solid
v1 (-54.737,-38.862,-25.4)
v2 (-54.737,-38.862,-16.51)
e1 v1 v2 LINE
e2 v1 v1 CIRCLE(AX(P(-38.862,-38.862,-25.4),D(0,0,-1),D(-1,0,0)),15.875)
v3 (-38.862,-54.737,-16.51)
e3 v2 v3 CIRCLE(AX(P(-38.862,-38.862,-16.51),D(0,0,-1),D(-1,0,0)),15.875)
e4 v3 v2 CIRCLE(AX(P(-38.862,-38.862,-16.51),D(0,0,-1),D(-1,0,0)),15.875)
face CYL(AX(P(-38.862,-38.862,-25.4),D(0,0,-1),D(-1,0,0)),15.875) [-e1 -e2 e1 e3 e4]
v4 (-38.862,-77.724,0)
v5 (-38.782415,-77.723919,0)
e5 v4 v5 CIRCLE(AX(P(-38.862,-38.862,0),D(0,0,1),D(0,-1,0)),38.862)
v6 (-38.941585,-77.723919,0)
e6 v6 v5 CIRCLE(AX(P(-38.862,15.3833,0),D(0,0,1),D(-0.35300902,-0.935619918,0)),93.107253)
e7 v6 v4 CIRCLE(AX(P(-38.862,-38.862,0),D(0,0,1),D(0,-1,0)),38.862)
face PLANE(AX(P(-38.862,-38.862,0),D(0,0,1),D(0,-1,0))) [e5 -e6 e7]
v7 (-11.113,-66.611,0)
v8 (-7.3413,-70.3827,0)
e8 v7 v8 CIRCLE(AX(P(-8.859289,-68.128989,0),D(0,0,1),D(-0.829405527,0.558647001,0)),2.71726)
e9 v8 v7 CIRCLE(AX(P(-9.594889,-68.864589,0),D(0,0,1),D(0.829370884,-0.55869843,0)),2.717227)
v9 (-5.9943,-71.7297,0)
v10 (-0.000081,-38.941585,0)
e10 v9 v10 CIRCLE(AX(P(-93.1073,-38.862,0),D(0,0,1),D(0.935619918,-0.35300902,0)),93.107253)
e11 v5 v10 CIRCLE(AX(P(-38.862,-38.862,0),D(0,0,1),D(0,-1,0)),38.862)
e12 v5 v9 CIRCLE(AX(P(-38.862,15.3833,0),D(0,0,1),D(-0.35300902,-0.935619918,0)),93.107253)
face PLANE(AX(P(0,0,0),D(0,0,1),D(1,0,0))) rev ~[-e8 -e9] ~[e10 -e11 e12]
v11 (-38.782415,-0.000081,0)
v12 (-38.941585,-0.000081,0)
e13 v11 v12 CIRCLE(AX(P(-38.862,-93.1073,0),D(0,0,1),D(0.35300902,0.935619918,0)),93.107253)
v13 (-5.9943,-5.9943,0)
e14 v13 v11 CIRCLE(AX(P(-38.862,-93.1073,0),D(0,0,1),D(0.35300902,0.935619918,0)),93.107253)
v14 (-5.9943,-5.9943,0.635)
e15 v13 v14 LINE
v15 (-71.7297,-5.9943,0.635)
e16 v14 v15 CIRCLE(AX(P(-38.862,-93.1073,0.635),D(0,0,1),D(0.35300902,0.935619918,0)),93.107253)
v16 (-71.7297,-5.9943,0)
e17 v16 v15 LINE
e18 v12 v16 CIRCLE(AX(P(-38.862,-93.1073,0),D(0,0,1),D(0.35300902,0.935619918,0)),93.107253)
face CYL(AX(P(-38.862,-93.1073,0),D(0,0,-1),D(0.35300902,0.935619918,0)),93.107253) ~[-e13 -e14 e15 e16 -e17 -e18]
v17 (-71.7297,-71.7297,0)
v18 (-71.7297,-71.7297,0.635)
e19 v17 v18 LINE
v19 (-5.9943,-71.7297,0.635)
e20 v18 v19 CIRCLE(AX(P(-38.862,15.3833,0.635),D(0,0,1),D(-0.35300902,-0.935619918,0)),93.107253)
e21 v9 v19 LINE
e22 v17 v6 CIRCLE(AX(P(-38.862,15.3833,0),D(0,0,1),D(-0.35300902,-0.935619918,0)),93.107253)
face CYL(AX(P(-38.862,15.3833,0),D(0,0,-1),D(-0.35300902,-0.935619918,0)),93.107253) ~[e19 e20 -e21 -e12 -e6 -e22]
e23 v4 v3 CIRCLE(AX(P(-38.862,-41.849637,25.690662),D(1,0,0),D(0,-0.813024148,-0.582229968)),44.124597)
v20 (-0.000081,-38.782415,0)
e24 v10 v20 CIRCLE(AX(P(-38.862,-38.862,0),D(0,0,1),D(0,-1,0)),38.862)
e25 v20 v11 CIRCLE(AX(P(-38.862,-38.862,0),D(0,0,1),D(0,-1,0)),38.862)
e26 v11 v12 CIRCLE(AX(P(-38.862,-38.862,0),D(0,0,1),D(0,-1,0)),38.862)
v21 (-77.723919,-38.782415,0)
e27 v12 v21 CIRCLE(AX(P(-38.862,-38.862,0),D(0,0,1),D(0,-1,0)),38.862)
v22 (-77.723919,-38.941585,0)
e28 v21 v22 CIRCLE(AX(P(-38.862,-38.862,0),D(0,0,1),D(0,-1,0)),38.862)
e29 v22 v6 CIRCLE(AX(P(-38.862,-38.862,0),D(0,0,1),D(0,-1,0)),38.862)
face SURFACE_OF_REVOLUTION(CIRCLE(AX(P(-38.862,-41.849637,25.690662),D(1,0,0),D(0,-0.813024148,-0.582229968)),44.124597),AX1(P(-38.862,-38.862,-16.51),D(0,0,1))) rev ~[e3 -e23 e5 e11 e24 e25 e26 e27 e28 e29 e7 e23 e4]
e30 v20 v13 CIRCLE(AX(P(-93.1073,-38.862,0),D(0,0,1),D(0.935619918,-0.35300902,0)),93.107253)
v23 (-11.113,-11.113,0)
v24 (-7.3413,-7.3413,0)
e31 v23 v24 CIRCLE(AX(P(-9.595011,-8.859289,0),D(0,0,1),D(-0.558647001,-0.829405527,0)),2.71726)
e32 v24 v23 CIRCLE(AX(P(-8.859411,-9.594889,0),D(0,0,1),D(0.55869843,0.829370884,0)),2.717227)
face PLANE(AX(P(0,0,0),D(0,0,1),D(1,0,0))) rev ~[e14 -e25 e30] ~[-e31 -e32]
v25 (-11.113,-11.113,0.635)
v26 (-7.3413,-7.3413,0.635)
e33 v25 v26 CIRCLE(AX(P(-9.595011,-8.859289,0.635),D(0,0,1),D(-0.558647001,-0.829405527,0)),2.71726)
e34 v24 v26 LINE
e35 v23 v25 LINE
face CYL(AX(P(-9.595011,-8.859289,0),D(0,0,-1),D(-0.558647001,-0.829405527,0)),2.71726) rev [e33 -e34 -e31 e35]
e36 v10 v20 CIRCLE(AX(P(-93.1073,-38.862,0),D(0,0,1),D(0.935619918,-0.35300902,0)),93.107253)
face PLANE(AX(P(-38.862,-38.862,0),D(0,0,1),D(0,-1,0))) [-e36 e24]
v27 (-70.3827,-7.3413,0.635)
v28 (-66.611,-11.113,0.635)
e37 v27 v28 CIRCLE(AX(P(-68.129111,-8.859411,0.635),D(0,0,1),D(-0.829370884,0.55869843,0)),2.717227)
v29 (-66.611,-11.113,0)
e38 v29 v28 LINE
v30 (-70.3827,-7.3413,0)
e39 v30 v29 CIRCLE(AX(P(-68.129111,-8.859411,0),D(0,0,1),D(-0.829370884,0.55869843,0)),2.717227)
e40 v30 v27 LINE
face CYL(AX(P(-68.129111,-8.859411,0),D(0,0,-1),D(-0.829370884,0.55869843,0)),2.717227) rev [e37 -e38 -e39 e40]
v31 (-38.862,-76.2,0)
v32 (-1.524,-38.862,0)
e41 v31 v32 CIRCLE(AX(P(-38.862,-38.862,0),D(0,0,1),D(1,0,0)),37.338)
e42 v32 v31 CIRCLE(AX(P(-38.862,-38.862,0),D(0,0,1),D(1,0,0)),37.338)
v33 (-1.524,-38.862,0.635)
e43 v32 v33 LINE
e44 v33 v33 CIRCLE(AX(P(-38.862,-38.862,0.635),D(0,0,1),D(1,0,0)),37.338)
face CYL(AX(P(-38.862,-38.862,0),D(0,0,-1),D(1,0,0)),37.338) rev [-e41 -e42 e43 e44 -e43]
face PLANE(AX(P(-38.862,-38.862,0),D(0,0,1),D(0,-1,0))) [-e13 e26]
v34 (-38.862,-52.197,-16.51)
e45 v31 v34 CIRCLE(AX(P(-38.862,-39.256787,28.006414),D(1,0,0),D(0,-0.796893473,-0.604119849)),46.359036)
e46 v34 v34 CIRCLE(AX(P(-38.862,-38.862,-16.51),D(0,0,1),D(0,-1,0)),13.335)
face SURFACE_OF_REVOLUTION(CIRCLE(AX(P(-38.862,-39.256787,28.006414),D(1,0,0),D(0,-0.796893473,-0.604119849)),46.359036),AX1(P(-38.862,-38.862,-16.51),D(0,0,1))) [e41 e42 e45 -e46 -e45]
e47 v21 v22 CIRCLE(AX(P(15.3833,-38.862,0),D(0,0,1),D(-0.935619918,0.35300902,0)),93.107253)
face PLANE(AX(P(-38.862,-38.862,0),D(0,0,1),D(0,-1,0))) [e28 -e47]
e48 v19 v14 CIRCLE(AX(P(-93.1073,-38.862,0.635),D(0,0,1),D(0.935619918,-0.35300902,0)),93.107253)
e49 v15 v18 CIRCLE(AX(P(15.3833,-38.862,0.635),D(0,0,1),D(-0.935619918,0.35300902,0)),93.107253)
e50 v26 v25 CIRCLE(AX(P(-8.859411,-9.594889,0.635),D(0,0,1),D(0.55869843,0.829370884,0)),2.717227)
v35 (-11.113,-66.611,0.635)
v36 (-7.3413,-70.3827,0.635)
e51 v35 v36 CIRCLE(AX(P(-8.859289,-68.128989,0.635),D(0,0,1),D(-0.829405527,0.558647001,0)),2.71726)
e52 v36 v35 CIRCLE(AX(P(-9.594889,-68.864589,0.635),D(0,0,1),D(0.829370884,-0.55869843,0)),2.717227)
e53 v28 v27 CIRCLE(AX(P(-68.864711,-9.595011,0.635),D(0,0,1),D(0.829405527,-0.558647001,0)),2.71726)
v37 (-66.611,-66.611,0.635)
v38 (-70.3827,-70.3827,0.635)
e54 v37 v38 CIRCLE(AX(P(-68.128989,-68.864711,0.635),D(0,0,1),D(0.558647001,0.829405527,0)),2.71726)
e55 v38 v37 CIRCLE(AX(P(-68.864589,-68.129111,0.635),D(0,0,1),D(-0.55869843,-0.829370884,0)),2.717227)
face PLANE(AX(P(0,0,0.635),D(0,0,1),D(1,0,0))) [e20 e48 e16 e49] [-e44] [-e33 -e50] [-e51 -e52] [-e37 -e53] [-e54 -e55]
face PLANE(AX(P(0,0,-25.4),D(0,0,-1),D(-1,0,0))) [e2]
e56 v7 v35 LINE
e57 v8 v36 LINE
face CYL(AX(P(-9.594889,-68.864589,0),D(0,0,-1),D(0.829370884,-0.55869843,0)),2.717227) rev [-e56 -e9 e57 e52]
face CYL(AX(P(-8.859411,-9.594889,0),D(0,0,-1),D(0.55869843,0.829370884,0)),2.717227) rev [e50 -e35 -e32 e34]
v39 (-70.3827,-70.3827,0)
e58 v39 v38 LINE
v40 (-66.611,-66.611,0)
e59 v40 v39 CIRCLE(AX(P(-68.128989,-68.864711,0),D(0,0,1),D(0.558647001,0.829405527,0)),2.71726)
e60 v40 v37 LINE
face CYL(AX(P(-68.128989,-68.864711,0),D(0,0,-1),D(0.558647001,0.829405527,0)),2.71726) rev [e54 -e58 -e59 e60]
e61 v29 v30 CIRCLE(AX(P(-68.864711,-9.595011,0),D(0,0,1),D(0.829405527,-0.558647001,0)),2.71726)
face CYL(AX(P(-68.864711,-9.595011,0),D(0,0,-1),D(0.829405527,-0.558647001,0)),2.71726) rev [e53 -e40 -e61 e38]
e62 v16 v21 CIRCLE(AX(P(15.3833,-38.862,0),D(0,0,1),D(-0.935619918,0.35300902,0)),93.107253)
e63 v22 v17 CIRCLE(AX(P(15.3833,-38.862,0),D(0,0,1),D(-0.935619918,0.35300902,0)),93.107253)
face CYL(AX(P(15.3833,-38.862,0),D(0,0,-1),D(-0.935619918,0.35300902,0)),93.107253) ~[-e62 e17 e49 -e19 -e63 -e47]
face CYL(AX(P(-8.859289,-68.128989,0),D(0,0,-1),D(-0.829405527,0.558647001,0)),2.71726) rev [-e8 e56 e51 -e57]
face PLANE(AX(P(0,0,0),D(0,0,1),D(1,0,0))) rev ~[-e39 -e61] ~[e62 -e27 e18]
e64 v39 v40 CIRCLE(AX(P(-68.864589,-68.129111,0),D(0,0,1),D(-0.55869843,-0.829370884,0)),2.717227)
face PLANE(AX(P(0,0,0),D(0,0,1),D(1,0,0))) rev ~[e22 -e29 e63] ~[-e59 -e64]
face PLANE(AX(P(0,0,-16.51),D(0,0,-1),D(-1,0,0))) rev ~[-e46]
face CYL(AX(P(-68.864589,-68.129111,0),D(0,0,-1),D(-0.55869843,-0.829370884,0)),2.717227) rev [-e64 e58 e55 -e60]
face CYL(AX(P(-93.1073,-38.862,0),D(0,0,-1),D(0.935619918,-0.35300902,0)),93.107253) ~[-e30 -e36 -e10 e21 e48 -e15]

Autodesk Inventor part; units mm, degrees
ref_plane "XZ Plane" through (0, 0, 0) normal (0, 1, 0) x (-1, 0, 0)
sketch "Sketch1" plane through (0, 0, 0) normal (0, 0, 1) x (1, 0, 0)
  circle A0 centre (-38.862, -38.862) radius 37.338
  arc A1 (-5.9943, -5.9943) -> (-71.7297, -5.9943) centre (-38.862, -93.1073) ccw
  arc A2 (-5.9943, -71.7297) -> (-5.9943, -5.9943) centre (-93.1073, -38.862) ccw
  arc A3 (-71.7297, -71.7297) -> (-5.9943, -71.7297) centre (-38.862, 15.3833) ccw
  arc A4 (-71.7297, -5.9943) -> (-71.7297, -71.7297) centre (15.3833, -38.862) ccw
  arc A5 (-7.3413, -7.3413) -> (-11.113, -11.113) centre (-8.8594, -9.595) ccw
  arc A6 (-11.113, -11.113) -> (-7.3413, -7.3413) centre (-9.595, -8.8594) ccw
  arc A7 (-66.611, -11.113) -> (-70.3827, -7.3413) centre (-68.8646, -9.595) ccw
  arc A8 (-70.3827, -7.3413) -> (-66.611, -11.113) centre (-68.129, -8.8594) ccw
  arc A9 (-11.113, -66.611) -> (-7.3413, -70.3827) centre (-8.8594, -68.129) ccw
  arc A10 (-7.3413, -70.3827) -> (-11.113, -66.611) centre (-9.595, -68.8646) ccw
  arc A11 (-70.3827, -70.3827) -> (-66.611, -66.611) centre (-68.8646, -68.129) ccw
  arc A12 (-66.611, -66.611) -> (-70.3827, -70.3827) centre (-68.129, -68.8646) ccw
  point P0 (0, 0)
extrude "Extrusion1" add sketch "Sketch1" along normal blind 0.635
ref_plane "Work Plane1" through (0, 0, -25.4) normal (0, 0, -1) x (-1, 0, 0)
sketch "Sketch2" plane through (0, 0, -25.4) normal (0, 0, -1) x (-1, 0, 0)
  circle A0 centre (38.862, -38.862) radius 37.338 projected
  circle A1 centre (38.862, -38.862) radius 15.875
  point P0 (0, 0)
  dimension "d19" = 31.75
extrude "Extrusion2" add sketch "Sketch2" against normal blind 8.89 contours A1
ref_plane "Work Plane2" through (-38.862, 0, 0) normal (1, 0, 0) x (0, 1, 0)
sketch "Sketch6" plane through (-38.862, 0, 0) normal (1, 0, 0) x (0, 1, 0)
  line L0 (-22.987, -16.51) -> (-54.737, -16.51) projected
  arc A0 (-22.987, -16.51) -> (0, 0) centre (-35.8743, 25.6906) ccw
  arc A1 (-77.724, 0) -> (-54.737, -16.51) centre (-41.8497, 25.6906) ccw
  line L1 (-54.737, -16.51) -> (-52.197, -16.51)
  line L2 (-22.987, -16.51) -> (-25.527, -16.51)
  line L3 (-1.524, 0) -> (-76.2, 0) projected
  arc A2 (-76.2, 0) -> (-52.197, -16.51) centre (-39.2568, 28.0064) ccw
  line L4 (-77.724, 0) -> (-76.2, 0)
  line L5 (-71.7297, 0) -> (-77.724, 0) projected
  line L6 (-38.862, -16.51) -> (-38.862, 9.6565)
  dimension "d23" = 2.54
  dimension "d24" = 2.54
revolve "Revolution1" add sketch "Sketch6" angle 360 about axis through (-38.862, -38.862, -16.51) along (0, 0, 1) contours L0 A1 L4 A2
properties part number "Nathan_Speaker"
